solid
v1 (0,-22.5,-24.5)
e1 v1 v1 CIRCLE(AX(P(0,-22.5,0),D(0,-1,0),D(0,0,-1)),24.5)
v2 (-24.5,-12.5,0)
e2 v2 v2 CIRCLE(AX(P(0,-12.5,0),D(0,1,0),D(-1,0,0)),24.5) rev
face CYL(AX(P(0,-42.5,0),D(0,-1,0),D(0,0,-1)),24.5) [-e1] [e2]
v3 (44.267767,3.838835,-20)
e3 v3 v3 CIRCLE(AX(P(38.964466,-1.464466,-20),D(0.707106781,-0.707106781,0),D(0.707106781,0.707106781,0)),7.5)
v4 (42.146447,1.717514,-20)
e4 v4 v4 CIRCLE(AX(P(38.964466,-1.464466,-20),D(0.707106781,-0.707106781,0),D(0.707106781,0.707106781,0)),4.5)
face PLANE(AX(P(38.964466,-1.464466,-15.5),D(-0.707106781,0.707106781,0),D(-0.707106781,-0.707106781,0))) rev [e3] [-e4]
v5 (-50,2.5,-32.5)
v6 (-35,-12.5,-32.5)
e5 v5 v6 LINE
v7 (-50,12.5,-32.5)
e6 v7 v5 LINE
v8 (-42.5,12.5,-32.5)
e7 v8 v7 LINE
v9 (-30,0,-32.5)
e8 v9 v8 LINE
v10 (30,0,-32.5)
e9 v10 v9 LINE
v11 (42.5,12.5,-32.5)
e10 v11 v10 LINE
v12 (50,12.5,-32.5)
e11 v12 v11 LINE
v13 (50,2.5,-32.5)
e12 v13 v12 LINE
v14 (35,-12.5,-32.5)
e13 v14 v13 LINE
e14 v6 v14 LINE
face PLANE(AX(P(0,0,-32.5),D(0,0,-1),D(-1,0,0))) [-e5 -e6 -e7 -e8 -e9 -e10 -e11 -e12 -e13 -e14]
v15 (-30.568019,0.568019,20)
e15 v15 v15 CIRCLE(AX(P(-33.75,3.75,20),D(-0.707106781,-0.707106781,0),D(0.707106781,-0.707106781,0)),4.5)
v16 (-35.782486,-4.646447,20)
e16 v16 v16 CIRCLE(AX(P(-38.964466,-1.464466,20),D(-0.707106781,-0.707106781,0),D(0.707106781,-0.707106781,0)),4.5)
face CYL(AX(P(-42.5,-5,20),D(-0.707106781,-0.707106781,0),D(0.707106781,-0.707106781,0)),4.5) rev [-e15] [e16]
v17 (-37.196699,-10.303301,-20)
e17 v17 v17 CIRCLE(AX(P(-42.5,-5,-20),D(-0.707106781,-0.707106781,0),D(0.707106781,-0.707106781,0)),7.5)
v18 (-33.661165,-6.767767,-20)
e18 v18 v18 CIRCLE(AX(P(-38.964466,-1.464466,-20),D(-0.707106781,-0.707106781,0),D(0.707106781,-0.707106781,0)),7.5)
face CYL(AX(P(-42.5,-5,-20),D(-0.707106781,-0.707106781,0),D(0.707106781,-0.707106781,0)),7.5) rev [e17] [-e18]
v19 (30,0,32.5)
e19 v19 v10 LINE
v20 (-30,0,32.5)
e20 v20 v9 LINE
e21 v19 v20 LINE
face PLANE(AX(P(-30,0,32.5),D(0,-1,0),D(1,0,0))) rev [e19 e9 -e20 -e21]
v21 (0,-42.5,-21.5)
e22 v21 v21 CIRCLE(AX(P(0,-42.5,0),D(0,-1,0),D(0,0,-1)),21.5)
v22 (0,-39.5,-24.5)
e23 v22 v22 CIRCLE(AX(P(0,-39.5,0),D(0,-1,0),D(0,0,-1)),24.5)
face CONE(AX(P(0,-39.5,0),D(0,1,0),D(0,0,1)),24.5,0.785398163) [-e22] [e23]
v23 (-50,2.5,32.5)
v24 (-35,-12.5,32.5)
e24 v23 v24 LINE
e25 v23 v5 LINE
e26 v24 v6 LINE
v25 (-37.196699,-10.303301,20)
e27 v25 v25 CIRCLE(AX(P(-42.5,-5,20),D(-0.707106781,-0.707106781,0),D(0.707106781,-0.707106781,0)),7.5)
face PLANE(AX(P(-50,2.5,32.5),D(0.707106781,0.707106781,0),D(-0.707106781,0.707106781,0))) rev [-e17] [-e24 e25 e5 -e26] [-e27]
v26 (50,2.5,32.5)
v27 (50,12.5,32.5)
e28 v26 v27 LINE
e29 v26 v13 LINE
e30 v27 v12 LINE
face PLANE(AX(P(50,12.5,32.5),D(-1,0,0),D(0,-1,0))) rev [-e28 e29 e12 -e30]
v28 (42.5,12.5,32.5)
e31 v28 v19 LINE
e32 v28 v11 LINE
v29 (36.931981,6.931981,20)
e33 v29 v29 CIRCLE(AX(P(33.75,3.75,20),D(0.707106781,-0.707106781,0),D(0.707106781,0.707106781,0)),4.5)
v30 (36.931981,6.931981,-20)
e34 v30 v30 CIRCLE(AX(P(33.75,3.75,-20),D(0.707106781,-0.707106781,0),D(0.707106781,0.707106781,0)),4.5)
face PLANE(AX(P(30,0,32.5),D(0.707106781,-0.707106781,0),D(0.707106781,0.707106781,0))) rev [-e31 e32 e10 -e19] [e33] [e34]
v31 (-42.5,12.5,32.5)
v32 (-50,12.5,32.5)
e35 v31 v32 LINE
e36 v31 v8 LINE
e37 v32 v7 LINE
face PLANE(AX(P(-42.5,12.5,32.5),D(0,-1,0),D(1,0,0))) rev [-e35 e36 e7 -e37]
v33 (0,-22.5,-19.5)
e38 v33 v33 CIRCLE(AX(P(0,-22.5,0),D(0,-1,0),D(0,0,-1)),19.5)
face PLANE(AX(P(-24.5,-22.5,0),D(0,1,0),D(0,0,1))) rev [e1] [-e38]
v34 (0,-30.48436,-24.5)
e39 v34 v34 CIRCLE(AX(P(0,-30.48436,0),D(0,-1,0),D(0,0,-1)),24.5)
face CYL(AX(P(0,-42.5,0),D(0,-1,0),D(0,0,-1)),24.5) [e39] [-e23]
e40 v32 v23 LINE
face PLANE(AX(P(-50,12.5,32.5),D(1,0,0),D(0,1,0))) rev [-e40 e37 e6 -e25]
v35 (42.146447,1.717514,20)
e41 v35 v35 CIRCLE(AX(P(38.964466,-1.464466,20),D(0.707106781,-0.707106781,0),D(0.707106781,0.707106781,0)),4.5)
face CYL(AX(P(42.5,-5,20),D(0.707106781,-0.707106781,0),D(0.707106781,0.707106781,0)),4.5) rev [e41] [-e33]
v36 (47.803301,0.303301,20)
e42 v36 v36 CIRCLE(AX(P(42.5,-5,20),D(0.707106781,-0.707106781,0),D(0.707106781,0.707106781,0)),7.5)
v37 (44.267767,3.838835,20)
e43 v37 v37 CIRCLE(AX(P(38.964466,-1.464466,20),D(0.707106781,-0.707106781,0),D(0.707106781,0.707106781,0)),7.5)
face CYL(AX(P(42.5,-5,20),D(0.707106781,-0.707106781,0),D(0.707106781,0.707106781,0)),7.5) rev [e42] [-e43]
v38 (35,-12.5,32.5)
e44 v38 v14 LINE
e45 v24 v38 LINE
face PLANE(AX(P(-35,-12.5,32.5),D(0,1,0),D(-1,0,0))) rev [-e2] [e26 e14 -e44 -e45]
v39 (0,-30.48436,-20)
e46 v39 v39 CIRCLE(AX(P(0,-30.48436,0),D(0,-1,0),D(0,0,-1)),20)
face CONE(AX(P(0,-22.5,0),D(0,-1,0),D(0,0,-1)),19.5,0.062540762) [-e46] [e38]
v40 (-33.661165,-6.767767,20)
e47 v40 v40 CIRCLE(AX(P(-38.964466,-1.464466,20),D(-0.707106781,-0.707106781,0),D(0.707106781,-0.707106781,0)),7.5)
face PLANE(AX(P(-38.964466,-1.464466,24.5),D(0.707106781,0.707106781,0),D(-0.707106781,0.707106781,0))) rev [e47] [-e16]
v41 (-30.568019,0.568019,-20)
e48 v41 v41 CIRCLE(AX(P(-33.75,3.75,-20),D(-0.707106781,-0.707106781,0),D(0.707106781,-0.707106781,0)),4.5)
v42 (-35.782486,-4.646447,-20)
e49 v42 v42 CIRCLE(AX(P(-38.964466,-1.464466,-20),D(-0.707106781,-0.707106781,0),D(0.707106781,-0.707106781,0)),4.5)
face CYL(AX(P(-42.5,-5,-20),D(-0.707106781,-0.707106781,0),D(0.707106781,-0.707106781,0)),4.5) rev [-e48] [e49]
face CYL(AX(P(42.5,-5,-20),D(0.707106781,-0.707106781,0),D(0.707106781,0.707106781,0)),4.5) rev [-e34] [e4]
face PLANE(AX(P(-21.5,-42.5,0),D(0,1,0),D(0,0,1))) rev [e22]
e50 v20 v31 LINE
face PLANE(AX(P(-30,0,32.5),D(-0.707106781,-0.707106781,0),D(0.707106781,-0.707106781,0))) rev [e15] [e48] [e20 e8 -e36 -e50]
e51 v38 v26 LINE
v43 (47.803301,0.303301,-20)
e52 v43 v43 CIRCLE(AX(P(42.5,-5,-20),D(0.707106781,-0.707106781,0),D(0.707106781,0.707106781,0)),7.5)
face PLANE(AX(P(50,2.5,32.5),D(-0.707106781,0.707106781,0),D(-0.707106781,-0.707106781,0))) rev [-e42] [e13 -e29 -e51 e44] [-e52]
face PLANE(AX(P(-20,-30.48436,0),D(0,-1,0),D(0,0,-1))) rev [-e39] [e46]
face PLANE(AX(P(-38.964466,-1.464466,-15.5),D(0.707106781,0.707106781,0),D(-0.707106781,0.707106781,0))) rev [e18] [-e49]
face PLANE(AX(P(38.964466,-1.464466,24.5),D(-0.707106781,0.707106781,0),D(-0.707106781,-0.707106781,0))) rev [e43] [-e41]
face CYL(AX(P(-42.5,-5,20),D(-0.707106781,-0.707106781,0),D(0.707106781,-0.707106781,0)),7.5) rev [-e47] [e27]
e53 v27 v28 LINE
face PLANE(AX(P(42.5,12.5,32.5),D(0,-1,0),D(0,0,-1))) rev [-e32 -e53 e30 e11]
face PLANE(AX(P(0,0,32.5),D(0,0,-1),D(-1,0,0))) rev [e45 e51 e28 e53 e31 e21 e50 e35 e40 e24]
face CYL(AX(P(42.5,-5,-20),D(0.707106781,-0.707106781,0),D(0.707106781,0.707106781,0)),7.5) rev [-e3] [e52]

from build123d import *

# Parameters (mm, degrees)
SALIENTE_EXTRUIR1_DEPTH                     = 32.5
REFRENTADO_PARA_TORNILLO_CON_CABEZA_2_COUNT = 2
REFRENTADO_PARA_TORNILLO_CON_CABEZA_2_PITCH = 40


with BuildPart() as part:
    # Croquis2 → Saliente-Extruir1 (new body, symmetric)
    with BuildSketch(Plane.XY):
        Polygon((-30, 0), (30, 0), (42.5, 12.5), (50, 12.5), (50, 2.5), (35, -12.5), (-35, -12.5), (-50, 2.5), (-50, 12.5), (-42.5, 12.5), align=None)
    extrude(amount=SALIENTE_EXTRUIR1_DEPTH, both=True)

    # Croquis3 → Revolución1 (revolve)
    with BuildSketch(Plane.XY):
        Polygon((0, -12.5), (-24.5, -12.5), (-24.5, -22.5), (-19.5, -22.5), (-20, -30.484359711), (-24.5, -30.484359711), (-24.5, -39.5), (-21.5, -42.5), (0, -42.5), align=None)
    revolve(axis=Axis((0, -42.5, 0), (0, 1, 0)))

    # Croquis5 → Refrentado para tornillo con cabeza plana de M81 (revolve, cut)
    with BuildSketch(Plane(origin=(-42.5, -5, -20), x_dir=(0.707106781, -0.707106781, 0), z_dir=(0, 0, 1))):
        Polygon((0, 0), (0, 77.781745931), (4.5, 77.781745931), (4.5, 5), (7.5, 5), (7.5, 0), align=None)
    refrentado_para_tornillo_con_cabeza_plan = revolve(axis=Axis((-46.990128061, -9.490128061, -20), (0.707106781, 0.707106781, 0)), mode=Mode.SUBTRACT)

    # Refrentado para tornillo con cabeza  2: Refrentado para tornillo con cabeza plana de M81 ×2
    with Locations(*[(0, 0, i * REFRENTADO_PARA_TORNILLO_CON_CABEZA_2_PITCH) for i in range(1, REFRENTADO_PARA_TORNILLO_CON_CABEZA_2_COUNT)]):
        add(refrentado_para_tornillo_con_cabeza_plan, mode=Mode.SUBTRACT)

    # Simetría1: Refrentado para tornillo con cabeza plana de M81 across plane
    add(refrentado_para_tornillo_con_cabeza_plan.mirror(Plane(origin=(0, 0, 0), x_dir=(0, 0, 1), z_dir=(1, 0, 0))), mode=Mode.SUBTRACT)

    # Simetría1 copy 1 sketch → Simetría1 copy 1 (revolve, cut)
    with BuildSketch(Plane(origin=(42.5, -5, 20), x_dir=(-0.707106781, -0.707106781, 0), z_dir=(0, 0, 1))):
        Polygon((0, 0), (0, -77.781745931), (4.5, -77.781745931), (4.5, -5), (7.5, -5), (7.5, 0), align=None)
    revolve(axis=Axis((46.990128061, -9.490128061, 20), (0.707106781, -0.707106781, 0)), mode=Mode.SUBTRACT)


solid = part.part
